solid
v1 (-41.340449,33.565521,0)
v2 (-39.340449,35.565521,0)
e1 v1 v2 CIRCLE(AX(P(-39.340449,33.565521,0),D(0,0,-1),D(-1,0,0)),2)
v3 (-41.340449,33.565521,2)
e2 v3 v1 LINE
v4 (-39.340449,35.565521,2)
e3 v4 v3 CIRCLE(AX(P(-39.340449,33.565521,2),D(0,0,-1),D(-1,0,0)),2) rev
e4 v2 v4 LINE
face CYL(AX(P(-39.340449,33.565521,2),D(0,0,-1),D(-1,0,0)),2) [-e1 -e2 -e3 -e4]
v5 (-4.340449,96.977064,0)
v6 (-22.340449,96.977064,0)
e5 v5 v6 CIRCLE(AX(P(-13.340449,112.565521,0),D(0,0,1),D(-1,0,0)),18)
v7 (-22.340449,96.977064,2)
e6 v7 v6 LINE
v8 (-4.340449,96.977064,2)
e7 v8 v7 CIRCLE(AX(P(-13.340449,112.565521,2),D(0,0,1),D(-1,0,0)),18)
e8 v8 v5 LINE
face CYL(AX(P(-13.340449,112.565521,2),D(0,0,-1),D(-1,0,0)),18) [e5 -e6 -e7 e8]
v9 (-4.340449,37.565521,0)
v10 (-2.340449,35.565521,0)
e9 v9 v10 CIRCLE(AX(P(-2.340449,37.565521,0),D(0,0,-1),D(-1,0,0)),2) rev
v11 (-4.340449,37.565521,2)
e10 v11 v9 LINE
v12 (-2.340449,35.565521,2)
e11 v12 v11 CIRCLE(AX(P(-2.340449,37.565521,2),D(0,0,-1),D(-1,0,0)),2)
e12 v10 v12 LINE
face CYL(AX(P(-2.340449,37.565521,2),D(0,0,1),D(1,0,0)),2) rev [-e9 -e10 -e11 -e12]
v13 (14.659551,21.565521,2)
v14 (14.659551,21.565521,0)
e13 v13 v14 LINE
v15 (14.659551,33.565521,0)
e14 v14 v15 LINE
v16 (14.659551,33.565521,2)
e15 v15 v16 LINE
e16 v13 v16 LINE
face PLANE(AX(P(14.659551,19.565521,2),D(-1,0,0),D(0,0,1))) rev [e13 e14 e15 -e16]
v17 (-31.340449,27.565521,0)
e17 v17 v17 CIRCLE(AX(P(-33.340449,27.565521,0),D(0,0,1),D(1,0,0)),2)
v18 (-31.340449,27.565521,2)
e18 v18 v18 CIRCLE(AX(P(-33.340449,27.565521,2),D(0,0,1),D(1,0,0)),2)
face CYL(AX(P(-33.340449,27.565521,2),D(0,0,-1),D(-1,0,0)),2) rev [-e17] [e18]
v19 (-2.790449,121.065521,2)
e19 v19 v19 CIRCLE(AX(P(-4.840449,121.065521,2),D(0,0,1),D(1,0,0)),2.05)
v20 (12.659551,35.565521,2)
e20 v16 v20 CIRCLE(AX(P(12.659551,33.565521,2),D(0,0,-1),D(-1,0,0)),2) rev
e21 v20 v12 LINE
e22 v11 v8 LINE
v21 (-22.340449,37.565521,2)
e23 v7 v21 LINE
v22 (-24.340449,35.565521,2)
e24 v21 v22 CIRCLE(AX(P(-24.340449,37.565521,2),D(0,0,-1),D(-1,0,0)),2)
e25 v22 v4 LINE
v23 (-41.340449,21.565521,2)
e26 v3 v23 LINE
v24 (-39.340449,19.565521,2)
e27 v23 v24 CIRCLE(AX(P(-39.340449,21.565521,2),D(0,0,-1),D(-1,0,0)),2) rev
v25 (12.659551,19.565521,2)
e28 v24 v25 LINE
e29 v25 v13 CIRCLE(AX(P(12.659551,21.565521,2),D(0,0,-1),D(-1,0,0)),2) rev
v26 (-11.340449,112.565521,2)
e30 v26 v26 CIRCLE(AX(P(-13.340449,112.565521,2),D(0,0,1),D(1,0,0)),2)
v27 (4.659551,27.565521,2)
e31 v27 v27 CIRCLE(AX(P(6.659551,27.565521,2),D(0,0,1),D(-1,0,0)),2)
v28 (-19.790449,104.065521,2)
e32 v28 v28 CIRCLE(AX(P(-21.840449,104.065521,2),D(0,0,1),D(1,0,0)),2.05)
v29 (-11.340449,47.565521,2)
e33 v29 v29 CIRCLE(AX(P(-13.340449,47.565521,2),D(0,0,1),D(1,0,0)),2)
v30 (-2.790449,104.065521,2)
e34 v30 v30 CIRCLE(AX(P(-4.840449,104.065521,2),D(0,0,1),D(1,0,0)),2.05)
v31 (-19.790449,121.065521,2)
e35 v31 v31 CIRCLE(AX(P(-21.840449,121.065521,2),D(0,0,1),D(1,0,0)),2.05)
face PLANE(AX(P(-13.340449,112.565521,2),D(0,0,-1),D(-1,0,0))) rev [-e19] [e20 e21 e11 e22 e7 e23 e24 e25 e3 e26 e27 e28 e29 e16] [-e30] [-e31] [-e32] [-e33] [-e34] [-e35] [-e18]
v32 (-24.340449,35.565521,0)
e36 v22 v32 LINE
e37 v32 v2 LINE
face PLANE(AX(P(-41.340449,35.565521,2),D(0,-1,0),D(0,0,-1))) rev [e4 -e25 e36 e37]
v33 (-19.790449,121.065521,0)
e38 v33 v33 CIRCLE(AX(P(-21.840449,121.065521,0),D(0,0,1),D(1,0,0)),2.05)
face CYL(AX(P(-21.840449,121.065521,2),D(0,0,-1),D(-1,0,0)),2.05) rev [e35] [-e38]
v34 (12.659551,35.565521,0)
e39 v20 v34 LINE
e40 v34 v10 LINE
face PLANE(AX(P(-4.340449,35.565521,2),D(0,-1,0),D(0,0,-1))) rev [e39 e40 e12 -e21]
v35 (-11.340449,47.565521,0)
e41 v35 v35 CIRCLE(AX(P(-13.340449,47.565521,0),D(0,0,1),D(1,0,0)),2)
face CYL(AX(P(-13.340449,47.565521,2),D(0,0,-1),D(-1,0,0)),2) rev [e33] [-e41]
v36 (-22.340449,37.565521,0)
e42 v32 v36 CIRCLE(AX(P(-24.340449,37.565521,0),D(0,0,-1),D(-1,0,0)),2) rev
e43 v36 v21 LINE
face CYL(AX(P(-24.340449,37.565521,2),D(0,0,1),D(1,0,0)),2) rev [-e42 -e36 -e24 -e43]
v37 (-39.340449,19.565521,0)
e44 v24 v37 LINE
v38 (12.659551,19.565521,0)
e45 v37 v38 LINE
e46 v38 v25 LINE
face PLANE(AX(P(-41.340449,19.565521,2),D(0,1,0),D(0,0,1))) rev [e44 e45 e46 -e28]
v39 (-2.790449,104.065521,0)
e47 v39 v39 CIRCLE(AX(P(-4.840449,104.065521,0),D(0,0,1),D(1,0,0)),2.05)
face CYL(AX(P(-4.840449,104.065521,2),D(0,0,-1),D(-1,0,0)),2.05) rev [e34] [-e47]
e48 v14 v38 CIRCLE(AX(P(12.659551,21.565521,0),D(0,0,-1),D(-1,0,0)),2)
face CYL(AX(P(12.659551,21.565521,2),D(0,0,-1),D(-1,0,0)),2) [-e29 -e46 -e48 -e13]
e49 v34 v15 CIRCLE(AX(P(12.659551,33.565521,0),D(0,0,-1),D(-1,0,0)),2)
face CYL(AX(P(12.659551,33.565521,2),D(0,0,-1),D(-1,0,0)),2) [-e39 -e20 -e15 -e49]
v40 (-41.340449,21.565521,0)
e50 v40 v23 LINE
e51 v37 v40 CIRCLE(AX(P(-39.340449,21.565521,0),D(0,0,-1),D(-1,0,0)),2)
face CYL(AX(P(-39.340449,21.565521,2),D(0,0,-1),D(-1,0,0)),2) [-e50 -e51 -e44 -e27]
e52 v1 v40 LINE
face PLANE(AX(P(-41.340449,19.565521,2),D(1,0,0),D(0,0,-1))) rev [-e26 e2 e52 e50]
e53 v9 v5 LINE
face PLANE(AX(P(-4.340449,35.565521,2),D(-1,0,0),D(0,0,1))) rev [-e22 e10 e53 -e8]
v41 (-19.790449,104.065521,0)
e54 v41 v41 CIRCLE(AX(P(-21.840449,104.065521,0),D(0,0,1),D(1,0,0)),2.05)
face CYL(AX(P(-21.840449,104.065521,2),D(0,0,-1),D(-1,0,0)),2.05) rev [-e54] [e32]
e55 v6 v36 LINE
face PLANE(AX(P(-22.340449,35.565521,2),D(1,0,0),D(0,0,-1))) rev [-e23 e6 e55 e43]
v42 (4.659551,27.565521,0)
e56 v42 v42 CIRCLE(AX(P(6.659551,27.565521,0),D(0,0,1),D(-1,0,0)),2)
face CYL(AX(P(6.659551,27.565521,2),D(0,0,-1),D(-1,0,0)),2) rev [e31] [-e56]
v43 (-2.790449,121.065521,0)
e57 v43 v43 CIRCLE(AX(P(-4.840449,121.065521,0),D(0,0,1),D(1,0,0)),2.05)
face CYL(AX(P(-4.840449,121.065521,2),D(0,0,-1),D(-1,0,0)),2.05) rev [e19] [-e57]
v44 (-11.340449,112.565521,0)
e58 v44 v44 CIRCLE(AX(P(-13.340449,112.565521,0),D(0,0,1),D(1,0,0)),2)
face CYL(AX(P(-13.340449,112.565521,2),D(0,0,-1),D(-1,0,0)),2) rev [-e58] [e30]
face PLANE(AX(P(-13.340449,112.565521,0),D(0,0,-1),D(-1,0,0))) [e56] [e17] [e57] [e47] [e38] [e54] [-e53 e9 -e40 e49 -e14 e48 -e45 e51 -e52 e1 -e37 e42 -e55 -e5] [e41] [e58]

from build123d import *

# Parameters (mm, degrees)
SKETCH_1_R      = 2
SKETCH_1_R_2    = 2.05
EXTRUDE_1_DEPTH = 2
FILLET_1_R      = 2


with BuildPart() as part:
    # 草图1 → 凸台-拉伸1 (new body)
    with BuildSketch(Plane.XY):
        with BuildLine():
            Line((14.659550972, 19.565520938), (14.659550972, 35.565520938))
            Line((14.659550972, 35.565520938), (-4.340449028, 35.565520938))
            Line((-4.340449028, 35.565520938), (-4.340449028, 96.97706367))
            ThreePointArc((-4.340449028, 96.97706367), (-13.340449028, 130.565520938), (-22.340449028, 96.97706367))
            Line((-22.340449028, 96.97706367), (-22.340449028, 35.565520938))
            Line((-22.340449028, 35.565520938), (-41.340449028, 35.565520938))
            Line((-41.340449028, 35.565520938), (-41.340449028, 19.565520938))
            Line((-41.340449028, 19.565520938), (14.659550972, 19.565520938))
        make_face()
        with Locations((-33.340449028, 27.565520938)):
            Circle(SKETCH_1_R, mode=Mode.SUBTRACT)
        with Locations(Location((6.659550972, 27.565520938, 0), (0, 0, 180))):
            Circle(SKETCH_1_R, mode=Mode.SUBTRACT)
        with Locations((-13.340449028, 112.565520938)):
            Circle(SKETCH_1_R, mode=Mode.SUBTRACT)
        with Locations((-13.340449028, 47.565520938)):
            Circle(SKETCH_1_R, mode=Mode.SUBTRACT)
        with Locations((-4.840449028, 121.065520938)):
            Circle(SKETCH_1_R_2, mode=Mode.SUBTRACT)
        with Locations((-4.840449028, 104.065520938)):
            Circle(SKETCH_1_R_2, mode=Mode.SUBTRACT)
        with Locations((-21.840449028, 104.065520938)):
            Circle(SKETCH_1_R_2, mode=Mode.SUBTRACT)
        with Locations((-21.840449028, 121.065520938)):
            Circle(SKETCH_1_R_2, mode=Mode.SUBTRACT)
    extrude(amount=EXTRUDE_1_DEPTH)

    # 圆角1
    fillet_1_edges = [part.edges().sort_by_distance(p)[0] for p in [
        (-41.340449028, 19.565520938, 1),
        (-41.340449028, 35.565520938, 1),
        (-22.340449028, 35.565520938, 1),
        (-4.340449028, 35.565520938, 1),
        (14.659550972, 35.565520938, 1),
        (14.659550972, 19.565520938, 1),
    ]]
    fillet(fillet_1_edges, radius=FILLET_1_R)


solid = part.part
